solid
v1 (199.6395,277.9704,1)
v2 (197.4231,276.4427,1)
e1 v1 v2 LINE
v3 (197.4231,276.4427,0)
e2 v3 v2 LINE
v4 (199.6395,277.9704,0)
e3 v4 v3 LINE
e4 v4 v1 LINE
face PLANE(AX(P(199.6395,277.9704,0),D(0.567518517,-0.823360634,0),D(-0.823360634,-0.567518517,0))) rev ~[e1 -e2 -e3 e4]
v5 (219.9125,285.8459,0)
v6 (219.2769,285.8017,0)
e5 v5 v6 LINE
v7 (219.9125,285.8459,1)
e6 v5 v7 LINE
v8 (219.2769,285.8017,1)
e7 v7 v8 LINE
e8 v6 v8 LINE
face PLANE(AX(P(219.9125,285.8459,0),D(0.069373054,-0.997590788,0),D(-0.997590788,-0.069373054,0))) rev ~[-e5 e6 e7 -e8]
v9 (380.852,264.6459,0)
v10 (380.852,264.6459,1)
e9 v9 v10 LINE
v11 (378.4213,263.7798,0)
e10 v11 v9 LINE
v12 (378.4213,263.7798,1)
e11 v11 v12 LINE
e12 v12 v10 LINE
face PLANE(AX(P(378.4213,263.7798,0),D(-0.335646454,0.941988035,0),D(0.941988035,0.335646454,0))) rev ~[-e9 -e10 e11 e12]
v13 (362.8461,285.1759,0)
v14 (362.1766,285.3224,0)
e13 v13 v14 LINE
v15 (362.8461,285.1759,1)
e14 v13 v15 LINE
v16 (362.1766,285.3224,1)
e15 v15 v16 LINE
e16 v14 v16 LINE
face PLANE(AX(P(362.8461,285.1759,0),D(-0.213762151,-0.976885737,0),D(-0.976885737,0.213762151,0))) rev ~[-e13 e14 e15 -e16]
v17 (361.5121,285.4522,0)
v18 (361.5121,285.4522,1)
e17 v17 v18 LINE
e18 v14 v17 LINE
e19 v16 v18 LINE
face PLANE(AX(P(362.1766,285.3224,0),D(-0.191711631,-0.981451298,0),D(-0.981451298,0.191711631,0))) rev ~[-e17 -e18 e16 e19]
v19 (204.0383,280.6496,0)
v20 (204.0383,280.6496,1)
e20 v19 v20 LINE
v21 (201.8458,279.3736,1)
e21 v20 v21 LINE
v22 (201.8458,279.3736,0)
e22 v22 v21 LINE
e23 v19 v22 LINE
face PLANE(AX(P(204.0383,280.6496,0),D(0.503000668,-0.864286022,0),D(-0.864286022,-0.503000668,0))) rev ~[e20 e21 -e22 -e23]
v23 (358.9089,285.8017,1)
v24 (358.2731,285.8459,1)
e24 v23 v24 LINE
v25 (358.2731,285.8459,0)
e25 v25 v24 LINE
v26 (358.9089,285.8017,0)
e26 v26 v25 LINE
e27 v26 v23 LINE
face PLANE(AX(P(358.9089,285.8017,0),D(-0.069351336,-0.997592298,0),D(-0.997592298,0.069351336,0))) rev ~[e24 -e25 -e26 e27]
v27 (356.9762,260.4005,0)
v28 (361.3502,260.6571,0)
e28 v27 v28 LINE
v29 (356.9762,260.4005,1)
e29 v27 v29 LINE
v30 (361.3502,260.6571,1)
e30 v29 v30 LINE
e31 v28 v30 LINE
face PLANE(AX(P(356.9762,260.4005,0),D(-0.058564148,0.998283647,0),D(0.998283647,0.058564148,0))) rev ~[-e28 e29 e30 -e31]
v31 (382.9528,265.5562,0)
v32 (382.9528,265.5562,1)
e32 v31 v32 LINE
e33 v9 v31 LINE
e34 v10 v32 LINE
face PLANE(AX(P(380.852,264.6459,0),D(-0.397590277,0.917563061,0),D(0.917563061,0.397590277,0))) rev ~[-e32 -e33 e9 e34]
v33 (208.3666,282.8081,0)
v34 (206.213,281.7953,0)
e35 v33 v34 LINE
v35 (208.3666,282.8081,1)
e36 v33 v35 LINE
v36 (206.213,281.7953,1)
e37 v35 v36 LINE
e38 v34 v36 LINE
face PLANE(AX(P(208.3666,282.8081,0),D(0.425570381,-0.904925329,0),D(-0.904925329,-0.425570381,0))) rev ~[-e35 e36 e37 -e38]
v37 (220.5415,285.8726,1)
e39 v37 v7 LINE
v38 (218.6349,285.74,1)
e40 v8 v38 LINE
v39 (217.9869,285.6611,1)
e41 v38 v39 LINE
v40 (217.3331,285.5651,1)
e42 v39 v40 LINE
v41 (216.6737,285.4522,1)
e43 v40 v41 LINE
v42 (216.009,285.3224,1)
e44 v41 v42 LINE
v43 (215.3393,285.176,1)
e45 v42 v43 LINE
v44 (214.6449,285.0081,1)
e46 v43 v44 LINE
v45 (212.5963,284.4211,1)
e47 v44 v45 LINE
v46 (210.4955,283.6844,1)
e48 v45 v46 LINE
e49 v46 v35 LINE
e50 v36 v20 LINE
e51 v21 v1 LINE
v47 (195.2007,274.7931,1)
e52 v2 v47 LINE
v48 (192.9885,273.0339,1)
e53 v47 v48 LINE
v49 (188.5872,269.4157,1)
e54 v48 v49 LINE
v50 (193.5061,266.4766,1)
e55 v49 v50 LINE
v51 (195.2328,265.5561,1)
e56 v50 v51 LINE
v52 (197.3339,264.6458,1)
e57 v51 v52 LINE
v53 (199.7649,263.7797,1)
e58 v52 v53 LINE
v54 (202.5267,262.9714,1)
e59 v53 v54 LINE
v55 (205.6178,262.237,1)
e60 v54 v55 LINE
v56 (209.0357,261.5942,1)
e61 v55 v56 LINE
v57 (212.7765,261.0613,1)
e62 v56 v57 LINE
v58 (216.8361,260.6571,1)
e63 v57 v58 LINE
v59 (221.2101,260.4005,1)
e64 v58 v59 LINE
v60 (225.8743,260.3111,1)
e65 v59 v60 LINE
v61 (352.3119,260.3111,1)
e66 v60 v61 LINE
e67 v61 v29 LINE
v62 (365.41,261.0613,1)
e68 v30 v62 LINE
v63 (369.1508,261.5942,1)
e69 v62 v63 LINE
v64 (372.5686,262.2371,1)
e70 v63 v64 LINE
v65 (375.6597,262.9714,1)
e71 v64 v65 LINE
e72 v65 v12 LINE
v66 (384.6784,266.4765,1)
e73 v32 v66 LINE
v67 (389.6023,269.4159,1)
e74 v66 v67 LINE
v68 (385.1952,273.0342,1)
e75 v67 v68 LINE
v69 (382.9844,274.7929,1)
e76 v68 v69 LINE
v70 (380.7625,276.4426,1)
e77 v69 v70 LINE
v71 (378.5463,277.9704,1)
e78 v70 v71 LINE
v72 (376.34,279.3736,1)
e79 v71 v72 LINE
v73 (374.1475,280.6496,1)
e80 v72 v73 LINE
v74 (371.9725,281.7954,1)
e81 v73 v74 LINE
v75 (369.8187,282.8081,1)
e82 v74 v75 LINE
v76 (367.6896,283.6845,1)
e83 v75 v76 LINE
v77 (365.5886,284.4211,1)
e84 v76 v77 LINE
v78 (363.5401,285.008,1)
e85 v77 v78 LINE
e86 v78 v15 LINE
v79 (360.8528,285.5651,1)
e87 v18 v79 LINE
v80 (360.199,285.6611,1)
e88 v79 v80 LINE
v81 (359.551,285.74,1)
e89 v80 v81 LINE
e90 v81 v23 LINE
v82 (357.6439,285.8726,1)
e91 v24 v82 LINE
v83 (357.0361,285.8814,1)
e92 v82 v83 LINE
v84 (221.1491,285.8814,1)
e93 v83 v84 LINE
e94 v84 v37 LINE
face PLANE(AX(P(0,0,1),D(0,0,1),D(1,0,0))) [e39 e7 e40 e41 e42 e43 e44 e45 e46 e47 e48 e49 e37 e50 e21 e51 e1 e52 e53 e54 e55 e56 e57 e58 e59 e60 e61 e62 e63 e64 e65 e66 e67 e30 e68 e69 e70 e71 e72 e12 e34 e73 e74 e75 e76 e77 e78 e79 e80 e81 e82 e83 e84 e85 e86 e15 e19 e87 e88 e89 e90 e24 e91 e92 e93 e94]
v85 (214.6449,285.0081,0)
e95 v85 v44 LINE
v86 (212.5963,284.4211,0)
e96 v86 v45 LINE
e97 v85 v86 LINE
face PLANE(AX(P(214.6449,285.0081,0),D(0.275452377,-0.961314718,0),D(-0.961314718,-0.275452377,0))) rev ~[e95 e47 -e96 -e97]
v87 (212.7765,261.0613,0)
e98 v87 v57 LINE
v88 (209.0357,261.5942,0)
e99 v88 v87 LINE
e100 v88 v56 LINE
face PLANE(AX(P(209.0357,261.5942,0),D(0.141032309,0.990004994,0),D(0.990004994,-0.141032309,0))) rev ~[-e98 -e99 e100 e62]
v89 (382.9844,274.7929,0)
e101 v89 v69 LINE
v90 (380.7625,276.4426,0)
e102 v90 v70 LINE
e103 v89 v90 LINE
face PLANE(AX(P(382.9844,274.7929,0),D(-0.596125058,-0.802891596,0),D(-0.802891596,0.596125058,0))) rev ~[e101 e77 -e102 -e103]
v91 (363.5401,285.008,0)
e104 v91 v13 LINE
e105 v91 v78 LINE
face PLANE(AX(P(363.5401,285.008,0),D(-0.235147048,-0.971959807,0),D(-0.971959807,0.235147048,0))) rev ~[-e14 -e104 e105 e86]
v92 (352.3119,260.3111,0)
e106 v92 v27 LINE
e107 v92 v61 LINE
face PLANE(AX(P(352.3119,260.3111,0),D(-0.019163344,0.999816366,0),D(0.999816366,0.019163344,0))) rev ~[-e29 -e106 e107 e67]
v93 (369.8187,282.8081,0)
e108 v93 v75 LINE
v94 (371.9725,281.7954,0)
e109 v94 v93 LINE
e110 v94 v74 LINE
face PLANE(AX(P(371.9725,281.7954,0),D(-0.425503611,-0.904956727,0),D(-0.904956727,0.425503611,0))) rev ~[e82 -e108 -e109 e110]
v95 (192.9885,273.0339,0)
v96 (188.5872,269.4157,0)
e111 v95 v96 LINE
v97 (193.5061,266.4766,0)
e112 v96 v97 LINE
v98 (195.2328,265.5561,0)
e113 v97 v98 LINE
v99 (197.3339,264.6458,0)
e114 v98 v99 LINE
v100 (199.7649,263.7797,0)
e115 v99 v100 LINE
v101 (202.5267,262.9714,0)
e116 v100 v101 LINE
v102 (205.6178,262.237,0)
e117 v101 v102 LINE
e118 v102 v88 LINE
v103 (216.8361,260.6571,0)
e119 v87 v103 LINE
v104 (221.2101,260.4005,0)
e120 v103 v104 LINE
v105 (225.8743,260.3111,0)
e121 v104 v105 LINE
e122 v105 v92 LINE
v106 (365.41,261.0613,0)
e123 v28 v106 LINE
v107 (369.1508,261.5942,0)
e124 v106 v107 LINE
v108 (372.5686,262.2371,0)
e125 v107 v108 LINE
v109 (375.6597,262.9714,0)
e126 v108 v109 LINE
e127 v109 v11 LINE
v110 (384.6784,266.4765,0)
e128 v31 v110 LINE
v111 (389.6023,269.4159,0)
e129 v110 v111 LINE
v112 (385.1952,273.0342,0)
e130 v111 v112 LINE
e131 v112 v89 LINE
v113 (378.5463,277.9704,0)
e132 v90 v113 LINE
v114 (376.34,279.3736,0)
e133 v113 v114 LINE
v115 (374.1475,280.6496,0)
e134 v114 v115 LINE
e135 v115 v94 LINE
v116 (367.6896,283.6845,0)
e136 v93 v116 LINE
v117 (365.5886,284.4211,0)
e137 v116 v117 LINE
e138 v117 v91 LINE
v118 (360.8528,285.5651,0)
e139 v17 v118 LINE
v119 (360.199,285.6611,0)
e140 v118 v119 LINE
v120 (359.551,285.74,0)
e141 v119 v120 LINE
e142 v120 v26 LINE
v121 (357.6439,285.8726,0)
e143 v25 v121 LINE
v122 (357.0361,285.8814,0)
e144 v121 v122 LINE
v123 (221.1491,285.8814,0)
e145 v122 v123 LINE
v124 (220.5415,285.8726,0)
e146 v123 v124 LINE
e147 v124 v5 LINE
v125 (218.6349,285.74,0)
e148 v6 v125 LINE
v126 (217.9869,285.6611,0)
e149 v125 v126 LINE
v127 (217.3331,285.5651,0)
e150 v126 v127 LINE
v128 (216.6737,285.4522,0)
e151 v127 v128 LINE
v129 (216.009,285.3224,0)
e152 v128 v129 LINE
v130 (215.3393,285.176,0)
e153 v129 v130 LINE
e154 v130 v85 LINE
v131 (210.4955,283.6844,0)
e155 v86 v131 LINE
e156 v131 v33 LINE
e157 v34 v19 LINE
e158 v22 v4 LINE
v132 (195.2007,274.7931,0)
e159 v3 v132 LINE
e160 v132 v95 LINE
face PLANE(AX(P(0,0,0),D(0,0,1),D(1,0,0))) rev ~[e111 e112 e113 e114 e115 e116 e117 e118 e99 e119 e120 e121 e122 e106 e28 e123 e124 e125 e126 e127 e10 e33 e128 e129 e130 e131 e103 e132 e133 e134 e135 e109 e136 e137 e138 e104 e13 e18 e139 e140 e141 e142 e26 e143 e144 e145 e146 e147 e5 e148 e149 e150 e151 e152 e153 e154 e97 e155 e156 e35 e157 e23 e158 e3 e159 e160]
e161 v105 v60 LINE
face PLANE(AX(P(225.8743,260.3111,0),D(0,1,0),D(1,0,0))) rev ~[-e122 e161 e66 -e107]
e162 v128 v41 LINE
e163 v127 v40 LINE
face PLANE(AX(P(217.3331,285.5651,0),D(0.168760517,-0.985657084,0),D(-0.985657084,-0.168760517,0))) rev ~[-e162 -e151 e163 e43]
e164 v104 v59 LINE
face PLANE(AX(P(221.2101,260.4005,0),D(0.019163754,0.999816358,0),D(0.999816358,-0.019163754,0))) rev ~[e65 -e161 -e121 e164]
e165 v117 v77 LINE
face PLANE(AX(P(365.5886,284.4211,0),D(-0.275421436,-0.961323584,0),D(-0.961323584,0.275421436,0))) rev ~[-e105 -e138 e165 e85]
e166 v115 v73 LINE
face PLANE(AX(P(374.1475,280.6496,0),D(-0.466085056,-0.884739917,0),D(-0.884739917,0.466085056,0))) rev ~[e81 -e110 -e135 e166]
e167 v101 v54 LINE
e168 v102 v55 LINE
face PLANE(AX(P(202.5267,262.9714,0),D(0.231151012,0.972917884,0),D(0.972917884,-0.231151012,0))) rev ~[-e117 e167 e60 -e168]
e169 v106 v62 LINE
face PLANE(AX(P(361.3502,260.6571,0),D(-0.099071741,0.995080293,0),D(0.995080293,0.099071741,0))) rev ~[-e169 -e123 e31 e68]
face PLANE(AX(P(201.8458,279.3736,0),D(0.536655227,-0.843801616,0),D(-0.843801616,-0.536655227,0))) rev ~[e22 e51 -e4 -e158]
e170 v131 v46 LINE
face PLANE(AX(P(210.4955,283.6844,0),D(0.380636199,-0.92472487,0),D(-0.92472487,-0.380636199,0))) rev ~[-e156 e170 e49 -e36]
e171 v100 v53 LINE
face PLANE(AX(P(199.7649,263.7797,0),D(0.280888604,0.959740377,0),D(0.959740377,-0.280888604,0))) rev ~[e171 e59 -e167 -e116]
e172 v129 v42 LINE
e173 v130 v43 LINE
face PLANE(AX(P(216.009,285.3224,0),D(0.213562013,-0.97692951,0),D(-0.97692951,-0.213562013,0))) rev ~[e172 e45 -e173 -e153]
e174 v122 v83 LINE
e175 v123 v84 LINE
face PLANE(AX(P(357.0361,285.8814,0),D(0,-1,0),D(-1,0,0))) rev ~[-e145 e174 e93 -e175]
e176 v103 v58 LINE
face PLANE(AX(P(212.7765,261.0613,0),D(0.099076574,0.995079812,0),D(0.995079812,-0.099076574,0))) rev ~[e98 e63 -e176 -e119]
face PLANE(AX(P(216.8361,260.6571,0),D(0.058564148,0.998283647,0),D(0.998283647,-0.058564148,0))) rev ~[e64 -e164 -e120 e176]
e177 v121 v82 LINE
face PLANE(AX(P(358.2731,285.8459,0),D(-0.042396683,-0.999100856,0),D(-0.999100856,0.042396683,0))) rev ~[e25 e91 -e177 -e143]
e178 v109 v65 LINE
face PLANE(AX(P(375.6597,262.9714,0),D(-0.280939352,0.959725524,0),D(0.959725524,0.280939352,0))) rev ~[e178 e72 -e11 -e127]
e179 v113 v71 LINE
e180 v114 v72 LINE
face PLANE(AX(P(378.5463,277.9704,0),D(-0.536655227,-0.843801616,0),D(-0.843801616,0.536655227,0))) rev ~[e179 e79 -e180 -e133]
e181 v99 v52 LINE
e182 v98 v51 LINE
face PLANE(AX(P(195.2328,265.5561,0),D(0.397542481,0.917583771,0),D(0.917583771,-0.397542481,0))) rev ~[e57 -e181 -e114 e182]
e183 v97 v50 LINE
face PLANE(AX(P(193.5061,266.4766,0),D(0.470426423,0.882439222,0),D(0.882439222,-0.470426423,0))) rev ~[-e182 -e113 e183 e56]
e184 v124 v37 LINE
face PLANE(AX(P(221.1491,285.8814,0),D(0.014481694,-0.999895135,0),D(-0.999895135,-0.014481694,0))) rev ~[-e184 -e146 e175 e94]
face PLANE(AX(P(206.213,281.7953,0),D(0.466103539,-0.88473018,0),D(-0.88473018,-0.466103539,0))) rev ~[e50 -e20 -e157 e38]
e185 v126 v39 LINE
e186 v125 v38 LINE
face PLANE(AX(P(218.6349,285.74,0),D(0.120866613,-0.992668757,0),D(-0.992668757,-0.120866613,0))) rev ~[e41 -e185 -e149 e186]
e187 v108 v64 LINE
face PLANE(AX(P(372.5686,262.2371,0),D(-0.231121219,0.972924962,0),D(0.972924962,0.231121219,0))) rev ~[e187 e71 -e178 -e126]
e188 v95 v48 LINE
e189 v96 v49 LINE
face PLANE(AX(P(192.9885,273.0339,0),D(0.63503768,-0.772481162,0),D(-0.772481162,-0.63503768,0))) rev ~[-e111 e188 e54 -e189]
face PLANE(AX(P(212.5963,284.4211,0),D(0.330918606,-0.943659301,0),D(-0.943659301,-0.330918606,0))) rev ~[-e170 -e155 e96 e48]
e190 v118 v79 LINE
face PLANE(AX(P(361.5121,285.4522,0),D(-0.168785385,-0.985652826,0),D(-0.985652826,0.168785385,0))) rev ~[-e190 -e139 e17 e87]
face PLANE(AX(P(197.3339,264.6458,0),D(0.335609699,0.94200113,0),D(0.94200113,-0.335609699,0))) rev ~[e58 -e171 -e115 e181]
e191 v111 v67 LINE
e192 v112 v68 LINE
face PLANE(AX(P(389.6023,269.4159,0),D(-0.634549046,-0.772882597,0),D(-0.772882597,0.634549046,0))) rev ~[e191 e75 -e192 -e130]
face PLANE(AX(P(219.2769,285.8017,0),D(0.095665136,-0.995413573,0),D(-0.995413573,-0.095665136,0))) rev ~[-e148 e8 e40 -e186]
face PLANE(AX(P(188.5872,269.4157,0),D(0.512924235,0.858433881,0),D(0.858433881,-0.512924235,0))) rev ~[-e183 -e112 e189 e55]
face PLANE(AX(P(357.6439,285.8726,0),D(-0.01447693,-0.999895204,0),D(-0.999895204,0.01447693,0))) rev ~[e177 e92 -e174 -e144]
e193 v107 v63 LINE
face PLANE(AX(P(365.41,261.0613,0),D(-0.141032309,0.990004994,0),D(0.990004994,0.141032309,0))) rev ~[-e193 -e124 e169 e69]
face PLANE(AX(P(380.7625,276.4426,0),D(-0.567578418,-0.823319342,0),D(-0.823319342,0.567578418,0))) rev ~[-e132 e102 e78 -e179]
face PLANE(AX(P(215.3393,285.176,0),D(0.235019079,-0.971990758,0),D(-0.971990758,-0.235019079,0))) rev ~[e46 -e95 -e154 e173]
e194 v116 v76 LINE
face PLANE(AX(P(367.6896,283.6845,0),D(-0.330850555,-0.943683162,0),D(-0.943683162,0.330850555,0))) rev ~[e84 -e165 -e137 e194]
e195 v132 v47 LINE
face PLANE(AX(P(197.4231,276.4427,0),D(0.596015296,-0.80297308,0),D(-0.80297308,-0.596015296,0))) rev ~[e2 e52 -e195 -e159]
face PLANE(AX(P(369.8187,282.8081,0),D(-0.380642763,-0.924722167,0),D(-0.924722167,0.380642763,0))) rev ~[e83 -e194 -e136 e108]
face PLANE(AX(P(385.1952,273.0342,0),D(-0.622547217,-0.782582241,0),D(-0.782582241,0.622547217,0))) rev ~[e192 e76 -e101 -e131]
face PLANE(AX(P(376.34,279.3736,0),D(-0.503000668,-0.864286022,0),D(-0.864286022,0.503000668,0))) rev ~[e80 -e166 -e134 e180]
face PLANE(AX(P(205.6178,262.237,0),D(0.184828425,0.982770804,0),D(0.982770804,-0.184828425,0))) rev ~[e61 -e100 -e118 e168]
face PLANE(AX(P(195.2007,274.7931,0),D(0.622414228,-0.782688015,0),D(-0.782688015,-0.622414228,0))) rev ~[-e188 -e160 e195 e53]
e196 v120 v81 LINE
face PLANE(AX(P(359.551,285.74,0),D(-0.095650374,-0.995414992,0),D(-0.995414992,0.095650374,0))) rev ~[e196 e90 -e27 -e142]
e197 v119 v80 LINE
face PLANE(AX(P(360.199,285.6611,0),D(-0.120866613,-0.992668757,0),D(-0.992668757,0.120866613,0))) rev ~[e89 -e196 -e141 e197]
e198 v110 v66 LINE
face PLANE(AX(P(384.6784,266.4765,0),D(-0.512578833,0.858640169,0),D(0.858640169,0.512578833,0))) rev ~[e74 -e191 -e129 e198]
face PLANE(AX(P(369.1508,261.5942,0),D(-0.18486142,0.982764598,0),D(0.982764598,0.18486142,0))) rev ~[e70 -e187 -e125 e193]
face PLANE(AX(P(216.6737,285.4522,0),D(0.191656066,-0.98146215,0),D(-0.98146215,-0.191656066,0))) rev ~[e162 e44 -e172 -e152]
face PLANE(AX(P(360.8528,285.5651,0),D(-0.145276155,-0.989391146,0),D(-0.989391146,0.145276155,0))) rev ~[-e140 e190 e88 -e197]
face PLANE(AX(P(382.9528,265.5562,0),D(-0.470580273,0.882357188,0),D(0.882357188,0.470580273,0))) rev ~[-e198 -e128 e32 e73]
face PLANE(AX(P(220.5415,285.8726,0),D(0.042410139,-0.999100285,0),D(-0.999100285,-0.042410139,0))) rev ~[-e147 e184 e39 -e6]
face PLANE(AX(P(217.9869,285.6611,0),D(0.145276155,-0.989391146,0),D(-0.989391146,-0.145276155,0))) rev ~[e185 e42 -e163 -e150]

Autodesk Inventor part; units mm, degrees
ref_plane "YZ Plane" through (0, 0, 0) normal (1, 0, 0) x (0, 1, 0)
ref_plane "XZ Plane" through (0, 0, 0) normal (0, 1, 0) x (-1, 0, 0)
ref_plane "XY Plane" through (0, 0, 0) normal (0, 0, 1) x (1, 0, 0)
sketch "スケッチ1" plane through (0, 0, 0) normal (0, 0, 1) x (1, 0, 0)
  line L0 (352.3119, 260.3111) -> (356.9762, 260.4005)
  line L1 (356.9762, 260.4005) -> (361.3502, 260.6571)
  line L2 (361.3502, 260.6571) -> (365.41, 261.0613)
  line L3 (365.41, 261.0613) -> (369.1508, 261.5942)
  line L4 (369.1508, 261.5942) -> (372.5686, 262.2371)
  line L5 (372.5686, 262.2371) -> (375.6597, 262.9714)
  line L6 (375.6597, 262.9714) -> (378.4213, 263.7798)
  line L7 (378.4213, 263.7798) -> (380.852, 264.6459)
  line L8 (380.852, 264.6459) -> (382.9528, 265.5562)
  line L9 (382.9528, 265.5562) -> (384.6784, 266.4765)
  line L10 (384.6784, 266.4765) -> (389.6023, 269.4159)
  line L11 (389.6023, 269.4159) -> (385.1952, 273.0342)
  line L12 (385.1952, 273.0342) -> (382.9844, 274.7929)
  line L13 (382.9844, 274.7929) -> (380.7625, 276.4426)
  line L14 (380.7625, 276.4426) -> (378.5463, 277.9704)
  line L15 (378.5463, 277.9704) -> (376.34, 279.3736)
  line L16 (376.34, 279.3736) -> (374.1475, 280.6496)
  line L17 (374.1475, 280.6496) -> (371.9725, 281.7954)
  line L18 (371.9725, 281.7954) -> (369.8187, 282.8081)
  line L19 (369.8187, 282.8081) -> (367.6896, 283.6845)
  line L20 (367.6896, 283.6845) -> (365.5886, 284.4211)
  line L21 (365.5886, 284.4211) -> (363.5401, 285.008)
  line L22 (363.5401, 285.008) -> (362.8461, 285.1759)
  line L23 (362.8461, 285.1759) -> (362.1766, 285.3224)
  line L24 (362.1766, 285.3224) -> (361.5121, 285.4522)
  line L25 (361.5121, 285.4522) -> (360.8528, 285.5651)
  line L26 (360.8528, 285.5651) -> (360.199, 285.6611)
  line L27 (360.199, 285.6611) -> (359.551, 285.74)
  line L28 (359.551, 285.74) -> (358.9089, 285.8017)
  line L29 (358.9089, 285.8017) -> (358.2731, 285.8459)
  line L30 (358.2731, 285.8459) -> (357.6439, 285.8726)
  line L31 (357.6439, 285.8726) -> (357.0361, 285.8814)
  line L32 (357.0361, 285.8814) -> (221.1491, 285.8814)
  line L33 (221.1491, 285.8814) -> (220.5415, 285.8726)
  line L34 (220.5415, 285.8726) -> (219.9125, 285.8459)
  line L35 (219.9125, 285.8459) -> (219.2769, 285.8017)
  line L36 (219.2769, 285.8017) -> (218.6349, 285.74)
  line L37 (218.6349, 285.74) -> (217.9869, 285.6611)
  line L38 (217.9869, 285.6611) -> (217.3331, 285.5651)
  line L39 (217.3331, 285.5651) -> (216.6737, 285.4522)
  line L40 (216.6737, 285.4522) -> (216.009, 285.3224)
  line L41 (216.009, 285.3224) -> (215.3393, 285.176)
  line L42 (215.3393, 285.176) -> (214.6449, 285.0081)
  line L43 (214.6449, 285.0081) -> (212.5963, 284.4211)
  line L44 (212.5963, 284.4211) -> (210.4955, 283.6844)
  line L45 (210.4955, 283.6844) -> (208.3666, 282.8081)
  line L46 (208.3666, 282.8081) -> (206.213, 281.7953)
  line L47 (206.213, 281.7953) -> (204.0383, 280.6496)
  line L48 (204.0383, 280.6496) -> (201.8458, 279.3736)
  line L49 (201.8458, 279.3736) -> (199.6395, 277.9704)
  line L50 (199.6395, 277.9704) -> (197.4231, 276.4427)
  line L51 (197.4231, 276.4427) -> (195.2007, 274.7931)
  line L52 (195.2007, 274.7931) -> (192.9885, 273.0339)
  line L53 (192.9885, 273.0339) -> (188.5872, 269.4157)
  line L54 (188.5872, 269.4157) -> (193.5061, 266.4766)
  line L55 (193.5061, 266.4766) -> (195.2328, 265.5561)
  line L56 (195.2328, 265.5561) -> (197.3339, 264.6458)
  line L57 (197.3339, 264.6458) -> (199.7649, 263.7797)
  line L58 (199.7649, 263.7797) -> (202.5267, 262.9714)
  line L59 (202.5267, 262.9714) -> (205.6178, 262.237)
  line L60 (205.6178, 262.237) -> (209.0357, 261.5942)
  line L61 (209.0357, 261.5942) -> (212.7765, 261.0613)
  line L62 (212.7765, 261.0613) -> (216.8361, 260.6571)
  line L63 (216.8361, 260.6571) -> (221.2101, 260.4005)
  line L64 (221.2101, 260.4005) -> (225.8743, 260.3111)
  line L65 (225.8743, 260.3111) -> (352.3119, 260.3111)
  point P0 (0, 0)
extrude "押し出し1" add sketch "スケッチ1" along normal blind 1
